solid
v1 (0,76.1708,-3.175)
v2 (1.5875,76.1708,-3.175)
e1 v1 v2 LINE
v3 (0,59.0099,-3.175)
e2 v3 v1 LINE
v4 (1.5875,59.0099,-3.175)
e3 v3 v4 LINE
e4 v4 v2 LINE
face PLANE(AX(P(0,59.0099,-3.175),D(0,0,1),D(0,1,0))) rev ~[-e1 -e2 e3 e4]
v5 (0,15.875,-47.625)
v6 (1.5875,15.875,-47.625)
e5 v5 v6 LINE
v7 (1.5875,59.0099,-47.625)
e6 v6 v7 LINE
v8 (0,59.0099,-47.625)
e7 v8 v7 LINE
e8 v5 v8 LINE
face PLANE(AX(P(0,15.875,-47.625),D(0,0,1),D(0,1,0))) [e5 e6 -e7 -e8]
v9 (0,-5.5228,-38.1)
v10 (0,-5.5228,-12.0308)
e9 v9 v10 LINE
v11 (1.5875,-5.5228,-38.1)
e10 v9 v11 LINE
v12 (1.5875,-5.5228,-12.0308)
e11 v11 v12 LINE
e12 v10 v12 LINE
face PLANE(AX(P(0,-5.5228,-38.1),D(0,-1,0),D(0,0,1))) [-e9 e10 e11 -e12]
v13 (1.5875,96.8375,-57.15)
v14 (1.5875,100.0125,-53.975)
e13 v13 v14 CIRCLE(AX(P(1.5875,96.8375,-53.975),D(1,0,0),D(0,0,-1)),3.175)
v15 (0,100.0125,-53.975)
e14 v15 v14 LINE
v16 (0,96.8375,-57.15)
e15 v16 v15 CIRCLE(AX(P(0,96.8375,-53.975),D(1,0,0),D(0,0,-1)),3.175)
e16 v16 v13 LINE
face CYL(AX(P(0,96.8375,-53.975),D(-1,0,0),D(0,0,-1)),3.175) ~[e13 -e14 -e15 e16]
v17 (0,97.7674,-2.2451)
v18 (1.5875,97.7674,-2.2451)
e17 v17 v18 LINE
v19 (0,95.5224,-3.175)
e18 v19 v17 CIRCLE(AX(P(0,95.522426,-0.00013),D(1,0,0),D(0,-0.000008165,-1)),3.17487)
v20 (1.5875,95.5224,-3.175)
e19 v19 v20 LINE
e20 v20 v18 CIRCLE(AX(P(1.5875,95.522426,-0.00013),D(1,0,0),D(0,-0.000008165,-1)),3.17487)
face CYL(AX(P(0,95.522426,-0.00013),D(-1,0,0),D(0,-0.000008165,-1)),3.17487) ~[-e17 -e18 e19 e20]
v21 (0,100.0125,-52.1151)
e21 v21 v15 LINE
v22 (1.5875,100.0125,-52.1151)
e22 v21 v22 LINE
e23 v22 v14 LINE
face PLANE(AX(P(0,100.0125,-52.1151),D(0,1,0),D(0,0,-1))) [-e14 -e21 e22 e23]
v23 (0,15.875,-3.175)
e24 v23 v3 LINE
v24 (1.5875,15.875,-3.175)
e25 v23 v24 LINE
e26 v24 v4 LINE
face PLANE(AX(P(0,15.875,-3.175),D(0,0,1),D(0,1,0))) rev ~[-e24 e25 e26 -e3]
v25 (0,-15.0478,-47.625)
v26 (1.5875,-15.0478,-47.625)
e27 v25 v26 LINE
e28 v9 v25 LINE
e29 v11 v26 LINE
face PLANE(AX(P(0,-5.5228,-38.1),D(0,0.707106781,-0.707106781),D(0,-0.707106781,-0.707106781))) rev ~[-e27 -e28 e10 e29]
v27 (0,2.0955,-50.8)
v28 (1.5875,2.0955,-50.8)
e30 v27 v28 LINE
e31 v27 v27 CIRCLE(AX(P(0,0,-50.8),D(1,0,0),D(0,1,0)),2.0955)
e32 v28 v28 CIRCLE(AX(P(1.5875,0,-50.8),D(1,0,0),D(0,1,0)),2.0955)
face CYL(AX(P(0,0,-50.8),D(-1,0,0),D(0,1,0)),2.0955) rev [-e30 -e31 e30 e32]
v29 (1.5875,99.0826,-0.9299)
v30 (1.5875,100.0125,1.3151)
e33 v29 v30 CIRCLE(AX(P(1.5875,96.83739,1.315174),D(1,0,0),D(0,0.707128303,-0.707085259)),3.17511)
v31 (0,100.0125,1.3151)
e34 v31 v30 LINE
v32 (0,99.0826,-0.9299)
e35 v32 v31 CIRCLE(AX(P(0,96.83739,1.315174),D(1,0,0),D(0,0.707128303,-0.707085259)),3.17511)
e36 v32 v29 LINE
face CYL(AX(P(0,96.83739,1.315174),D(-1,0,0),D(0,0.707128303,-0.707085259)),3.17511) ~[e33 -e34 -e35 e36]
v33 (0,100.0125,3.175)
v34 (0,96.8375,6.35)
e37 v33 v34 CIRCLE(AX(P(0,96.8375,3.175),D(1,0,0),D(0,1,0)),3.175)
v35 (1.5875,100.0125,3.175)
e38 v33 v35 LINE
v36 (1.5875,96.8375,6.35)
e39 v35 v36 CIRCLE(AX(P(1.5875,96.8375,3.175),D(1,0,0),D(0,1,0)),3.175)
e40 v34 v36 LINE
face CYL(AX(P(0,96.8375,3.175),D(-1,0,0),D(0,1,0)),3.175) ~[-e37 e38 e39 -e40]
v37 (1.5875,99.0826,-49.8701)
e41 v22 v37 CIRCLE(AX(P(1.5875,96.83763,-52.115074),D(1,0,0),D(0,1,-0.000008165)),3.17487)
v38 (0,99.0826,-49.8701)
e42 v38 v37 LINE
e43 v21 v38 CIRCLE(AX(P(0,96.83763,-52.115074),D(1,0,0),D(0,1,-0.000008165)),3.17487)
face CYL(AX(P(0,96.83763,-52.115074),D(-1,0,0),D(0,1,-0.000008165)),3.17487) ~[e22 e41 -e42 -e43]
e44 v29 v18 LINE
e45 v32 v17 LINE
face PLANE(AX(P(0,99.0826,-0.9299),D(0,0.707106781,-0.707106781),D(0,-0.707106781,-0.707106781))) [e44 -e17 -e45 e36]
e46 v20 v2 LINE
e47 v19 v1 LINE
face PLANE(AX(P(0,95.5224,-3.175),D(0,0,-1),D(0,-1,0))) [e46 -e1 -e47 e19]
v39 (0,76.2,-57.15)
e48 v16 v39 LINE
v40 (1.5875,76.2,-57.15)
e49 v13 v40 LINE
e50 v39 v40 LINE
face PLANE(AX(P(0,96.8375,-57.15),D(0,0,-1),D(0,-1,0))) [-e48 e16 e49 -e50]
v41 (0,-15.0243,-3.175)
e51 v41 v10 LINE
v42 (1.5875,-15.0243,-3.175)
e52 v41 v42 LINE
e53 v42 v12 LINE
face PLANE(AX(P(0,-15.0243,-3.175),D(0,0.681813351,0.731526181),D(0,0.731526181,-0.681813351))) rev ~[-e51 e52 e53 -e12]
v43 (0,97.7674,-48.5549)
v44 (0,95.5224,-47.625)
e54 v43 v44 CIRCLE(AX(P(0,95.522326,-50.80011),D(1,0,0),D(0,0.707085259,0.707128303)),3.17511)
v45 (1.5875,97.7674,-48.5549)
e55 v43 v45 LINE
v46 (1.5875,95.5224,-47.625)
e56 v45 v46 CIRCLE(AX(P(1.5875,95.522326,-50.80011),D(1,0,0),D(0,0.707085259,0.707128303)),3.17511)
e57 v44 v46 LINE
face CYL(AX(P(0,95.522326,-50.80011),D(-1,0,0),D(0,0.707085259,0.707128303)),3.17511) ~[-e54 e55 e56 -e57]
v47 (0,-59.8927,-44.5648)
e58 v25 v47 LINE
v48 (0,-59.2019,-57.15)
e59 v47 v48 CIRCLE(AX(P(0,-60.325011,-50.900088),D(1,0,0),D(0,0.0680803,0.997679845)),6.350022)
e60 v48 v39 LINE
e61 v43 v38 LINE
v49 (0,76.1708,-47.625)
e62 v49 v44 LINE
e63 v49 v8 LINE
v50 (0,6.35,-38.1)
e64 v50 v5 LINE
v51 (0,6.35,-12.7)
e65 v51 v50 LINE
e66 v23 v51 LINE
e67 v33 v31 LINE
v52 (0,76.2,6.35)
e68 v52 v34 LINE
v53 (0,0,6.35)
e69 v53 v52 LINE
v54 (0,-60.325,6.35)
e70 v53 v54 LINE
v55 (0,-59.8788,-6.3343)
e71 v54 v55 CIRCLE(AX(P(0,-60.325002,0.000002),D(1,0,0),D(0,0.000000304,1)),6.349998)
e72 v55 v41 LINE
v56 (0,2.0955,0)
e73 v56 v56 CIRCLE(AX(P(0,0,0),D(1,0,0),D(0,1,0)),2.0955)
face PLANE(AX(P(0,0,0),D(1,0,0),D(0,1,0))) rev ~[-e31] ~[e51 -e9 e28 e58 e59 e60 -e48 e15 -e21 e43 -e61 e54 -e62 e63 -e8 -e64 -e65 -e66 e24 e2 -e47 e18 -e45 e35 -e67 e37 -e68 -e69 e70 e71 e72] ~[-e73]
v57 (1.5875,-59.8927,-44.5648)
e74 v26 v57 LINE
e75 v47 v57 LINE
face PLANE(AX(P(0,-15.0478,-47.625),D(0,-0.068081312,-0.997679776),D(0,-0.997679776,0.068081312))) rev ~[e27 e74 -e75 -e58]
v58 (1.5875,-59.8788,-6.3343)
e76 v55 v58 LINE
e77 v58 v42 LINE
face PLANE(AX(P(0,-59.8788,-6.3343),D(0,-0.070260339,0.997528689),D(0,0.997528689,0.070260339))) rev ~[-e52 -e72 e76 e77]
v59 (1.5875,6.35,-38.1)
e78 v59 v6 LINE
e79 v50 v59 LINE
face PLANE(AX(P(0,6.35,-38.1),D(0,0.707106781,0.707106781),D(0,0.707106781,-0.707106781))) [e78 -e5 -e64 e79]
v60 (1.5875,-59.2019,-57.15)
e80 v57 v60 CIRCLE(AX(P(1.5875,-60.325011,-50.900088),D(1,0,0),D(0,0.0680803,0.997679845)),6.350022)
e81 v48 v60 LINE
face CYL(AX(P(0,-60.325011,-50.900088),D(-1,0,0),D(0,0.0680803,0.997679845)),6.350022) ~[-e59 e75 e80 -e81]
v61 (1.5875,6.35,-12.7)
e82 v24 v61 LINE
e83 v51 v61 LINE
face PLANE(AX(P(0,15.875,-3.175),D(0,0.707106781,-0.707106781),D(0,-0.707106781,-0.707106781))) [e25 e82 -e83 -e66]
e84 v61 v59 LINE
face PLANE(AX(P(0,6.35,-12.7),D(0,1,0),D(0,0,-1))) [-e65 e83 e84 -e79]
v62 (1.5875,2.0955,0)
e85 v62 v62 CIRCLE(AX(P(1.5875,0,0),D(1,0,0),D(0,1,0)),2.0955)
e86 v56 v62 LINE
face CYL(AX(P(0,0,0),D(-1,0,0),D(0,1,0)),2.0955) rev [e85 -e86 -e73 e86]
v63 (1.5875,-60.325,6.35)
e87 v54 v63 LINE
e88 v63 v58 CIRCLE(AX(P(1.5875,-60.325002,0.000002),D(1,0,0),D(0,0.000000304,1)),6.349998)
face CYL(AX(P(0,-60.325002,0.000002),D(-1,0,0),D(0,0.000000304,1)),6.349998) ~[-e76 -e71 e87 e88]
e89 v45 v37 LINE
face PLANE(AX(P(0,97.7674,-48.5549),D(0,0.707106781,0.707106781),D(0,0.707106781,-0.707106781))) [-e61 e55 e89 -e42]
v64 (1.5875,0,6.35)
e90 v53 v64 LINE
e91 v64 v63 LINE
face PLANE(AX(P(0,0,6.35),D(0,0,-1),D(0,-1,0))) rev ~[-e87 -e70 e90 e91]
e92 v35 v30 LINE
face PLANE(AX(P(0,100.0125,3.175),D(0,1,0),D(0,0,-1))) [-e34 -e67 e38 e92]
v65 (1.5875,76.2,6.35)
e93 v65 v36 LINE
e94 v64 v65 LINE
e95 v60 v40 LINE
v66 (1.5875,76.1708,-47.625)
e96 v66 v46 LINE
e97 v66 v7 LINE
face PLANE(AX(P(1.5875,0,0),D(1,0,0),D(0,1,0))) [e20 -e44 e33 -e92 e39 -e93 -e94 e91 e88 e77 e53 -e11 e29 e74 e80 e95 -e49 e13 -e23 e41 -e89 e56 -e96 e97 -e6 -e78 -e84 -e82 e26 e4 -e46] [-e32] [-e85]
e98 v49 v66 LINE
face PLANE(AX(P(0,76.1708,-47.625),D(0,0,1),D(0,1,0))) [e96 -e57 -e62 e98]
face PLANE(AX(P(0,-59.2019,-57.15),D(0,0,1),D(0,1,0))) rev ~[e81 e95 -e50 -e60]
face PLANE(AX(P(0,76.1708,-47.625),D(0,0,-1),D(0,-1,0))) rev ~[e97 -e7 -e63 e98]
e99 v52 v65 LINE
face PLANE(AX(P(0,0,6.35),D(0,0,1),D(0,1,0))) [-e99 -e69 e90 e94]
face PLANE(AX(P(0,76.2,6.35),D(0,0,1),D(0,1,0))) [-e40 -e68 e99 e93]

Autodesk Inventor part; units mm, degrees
ref_plane "YZ Plane" through (0, 0, 0) normal (1, 0, 0) x (0, 1, 0)
ref_plane "XZ Plane" through (0, 0, 0) normal (0, 1, 0) x (-1, 0, 0)
ref_plane "XY Plane" through (0, 0, 0) normal (0, 0, 1) x (1, 0, 0)
sketch "Sketch1" plane through (0, 0, 0) normal (1, 0, 0) x (0, 1, 0)
  circle A0 centre (0, 0) radius 2.0955
  line L0 (0, 6.35) -> (76.2, 6.35)
  circle A1 centre (0, -50.8) radius 2.0955
  line L1 (-59.2019, -57.15) -> (76.2, -57.15)
  line L2 (76.2, 6.35) -> (96.8375, 6.35)
  line L3 (100.0125, 3.175) -> (100.0125, 1.3151)
  line L4 (95.5224, -3.175) -> (76.1708, -3.175)
  line L5 (76.1708, -47.625) -> (95.5224, -47.625)
  line L6 (100.0125, -52.1151) -> (100.0125, -53.975)
  line L7 (96.8375, -57.15) -> (76.2, -57.15)
  line L8 (99.0826, -0.9299) -> (97.7674, -2.2451)
  line L9 (97.7674, -48.5549) -> (99.0826, -49.8701)
  arc A2 (100.0125, 3.175) -> (96.8375, 6.35) centre (96.8375, 3.175) ccw
  arc A3 (99.0826, -0.9299) -> (100.0125, 1.3151) centre (96.8375, 1.3151) ccw
  arc A4 (95.5224, -3.175) -> (97.7674, -2.2451) centre (95.5224, 0) ccw
  arc A5 (97.7674, -48.5549) -> (95.5224, -47.625) centre (95.5224, -50.8) ccw
  arc A6 (100.0125, -52.1151) -> (99.0826, -49.8701) centre (96.8375, -52.1151) ccw
  arc A7 (96.8375, -57.15) -> (100.0125, -53.975) centre (96.8375, -53.975) ccw
  line L10 (59.0099, -3.175) -> (76.1708, -3.175)
  line L11 (76.1708, -47.625) -> (59.0099, -47.625)
  line L12 (0, 6.35) -> (-60.325, 6.35)
  arc A8 (-60.325, 6.35) -> (-59.8788, -6.3343) centre (-60.325, 0) ccw
  arc A9 (-59.8927, -44.5648) -> (-59.2019, -57.15) centre (-60.325, -50.9001) ccw
  line L13 (6.35, -12.7) -> (6.35, -38.1)
  line L14 (-5.5228, -38.1) -> (-5.5228, -12.0308)
  line L15 (-59.8788, -6.3343) -> (-15.0243, -3.175)
  line L16 (15.875, -3.175) -> (59.0099, -3.175)
  line L17 (15.875, -47.625) -> (59.0099, -47.625)
  line L18 (15.875, -3.175) -> (6.35, -12.7)
  line L19 (6.35, -38.1) -> (15.875, -47.625)
  line L20 (-5.5228, -38.1) -> (-15.0478, -47.625)
  line L21 (-15.0243, -3.175) -> (-5.5228, -12.0308)
  line L22 (-15.0478, -47.625) -> (-59.8927, -44.5648)
  point P0 (5.4993, -3.175)
  point P1 (0, -57.15)
  point P2 (5.4993, -47.625)
  point P3 (100.0125, -3.175)
  point P4 (100.0125, -47.625)
  point P5 (100.0125, -57.15)
  point P6 (100.0125, 0)
  point P7 (96.8375, -3.175)
  point P8 (96.8375, -47.625)
  point P9 (100.0125, -50.8)
  point P10 (38.1, 6.35)
  point P11 (-5.5228, -2.5058)
  point P12 (-5.5228, -47.625)
  point P13 (85.8466, -3.175)
  point P14 (6.35, -3.175)
  point P15 (6.35, -47.625)
  dimension "d0" = 4.191
  dimension "d6" = 4.191
  dimension "d15" = 3.175
  dimension "d16" = 3.175
  dimension "d17" = 3.175
  dimension "d18" = 3.175
  dimension "d19" = 3.175
  dimension "d29" = 9.525
  dimension "d30" = 9.525
  dimension "d31" = 9.525
  dimension "d32" = 9.525
  dimension "d34" = 9.525
  dimension "d35" = 9.525
  dimension "d36" = 9.525
  dimension "d37" = 9.525
  dimension "d38" = 9.525
  dimension "d39" = 12.7
  dimension "d40" = 12.7
extrude "Extrusion1" add sketch "Sketch1" along normal blind 1.5875
feature "Bend Part1" [suppressed]
feature "Bend Part2" [suppressed]
equation "\"d15\" = d7"
equation "\"d16\" = d15"
equation "\"d17\" = d7"
equation "\"d18\" = d17"
equation "\"d32\" = d31"
equation "\"d34\" = d33"
equation "\"d35\" = d31"
equation "\"d36\" = d35"
equation "\"d37\" = d31"
equation "\"d38\" = d37"
equation "\"d33\" = d31"
equation "\"d7\" = 3.175"
properties part number "Ring Guard" material "Acetal Resin, White"
